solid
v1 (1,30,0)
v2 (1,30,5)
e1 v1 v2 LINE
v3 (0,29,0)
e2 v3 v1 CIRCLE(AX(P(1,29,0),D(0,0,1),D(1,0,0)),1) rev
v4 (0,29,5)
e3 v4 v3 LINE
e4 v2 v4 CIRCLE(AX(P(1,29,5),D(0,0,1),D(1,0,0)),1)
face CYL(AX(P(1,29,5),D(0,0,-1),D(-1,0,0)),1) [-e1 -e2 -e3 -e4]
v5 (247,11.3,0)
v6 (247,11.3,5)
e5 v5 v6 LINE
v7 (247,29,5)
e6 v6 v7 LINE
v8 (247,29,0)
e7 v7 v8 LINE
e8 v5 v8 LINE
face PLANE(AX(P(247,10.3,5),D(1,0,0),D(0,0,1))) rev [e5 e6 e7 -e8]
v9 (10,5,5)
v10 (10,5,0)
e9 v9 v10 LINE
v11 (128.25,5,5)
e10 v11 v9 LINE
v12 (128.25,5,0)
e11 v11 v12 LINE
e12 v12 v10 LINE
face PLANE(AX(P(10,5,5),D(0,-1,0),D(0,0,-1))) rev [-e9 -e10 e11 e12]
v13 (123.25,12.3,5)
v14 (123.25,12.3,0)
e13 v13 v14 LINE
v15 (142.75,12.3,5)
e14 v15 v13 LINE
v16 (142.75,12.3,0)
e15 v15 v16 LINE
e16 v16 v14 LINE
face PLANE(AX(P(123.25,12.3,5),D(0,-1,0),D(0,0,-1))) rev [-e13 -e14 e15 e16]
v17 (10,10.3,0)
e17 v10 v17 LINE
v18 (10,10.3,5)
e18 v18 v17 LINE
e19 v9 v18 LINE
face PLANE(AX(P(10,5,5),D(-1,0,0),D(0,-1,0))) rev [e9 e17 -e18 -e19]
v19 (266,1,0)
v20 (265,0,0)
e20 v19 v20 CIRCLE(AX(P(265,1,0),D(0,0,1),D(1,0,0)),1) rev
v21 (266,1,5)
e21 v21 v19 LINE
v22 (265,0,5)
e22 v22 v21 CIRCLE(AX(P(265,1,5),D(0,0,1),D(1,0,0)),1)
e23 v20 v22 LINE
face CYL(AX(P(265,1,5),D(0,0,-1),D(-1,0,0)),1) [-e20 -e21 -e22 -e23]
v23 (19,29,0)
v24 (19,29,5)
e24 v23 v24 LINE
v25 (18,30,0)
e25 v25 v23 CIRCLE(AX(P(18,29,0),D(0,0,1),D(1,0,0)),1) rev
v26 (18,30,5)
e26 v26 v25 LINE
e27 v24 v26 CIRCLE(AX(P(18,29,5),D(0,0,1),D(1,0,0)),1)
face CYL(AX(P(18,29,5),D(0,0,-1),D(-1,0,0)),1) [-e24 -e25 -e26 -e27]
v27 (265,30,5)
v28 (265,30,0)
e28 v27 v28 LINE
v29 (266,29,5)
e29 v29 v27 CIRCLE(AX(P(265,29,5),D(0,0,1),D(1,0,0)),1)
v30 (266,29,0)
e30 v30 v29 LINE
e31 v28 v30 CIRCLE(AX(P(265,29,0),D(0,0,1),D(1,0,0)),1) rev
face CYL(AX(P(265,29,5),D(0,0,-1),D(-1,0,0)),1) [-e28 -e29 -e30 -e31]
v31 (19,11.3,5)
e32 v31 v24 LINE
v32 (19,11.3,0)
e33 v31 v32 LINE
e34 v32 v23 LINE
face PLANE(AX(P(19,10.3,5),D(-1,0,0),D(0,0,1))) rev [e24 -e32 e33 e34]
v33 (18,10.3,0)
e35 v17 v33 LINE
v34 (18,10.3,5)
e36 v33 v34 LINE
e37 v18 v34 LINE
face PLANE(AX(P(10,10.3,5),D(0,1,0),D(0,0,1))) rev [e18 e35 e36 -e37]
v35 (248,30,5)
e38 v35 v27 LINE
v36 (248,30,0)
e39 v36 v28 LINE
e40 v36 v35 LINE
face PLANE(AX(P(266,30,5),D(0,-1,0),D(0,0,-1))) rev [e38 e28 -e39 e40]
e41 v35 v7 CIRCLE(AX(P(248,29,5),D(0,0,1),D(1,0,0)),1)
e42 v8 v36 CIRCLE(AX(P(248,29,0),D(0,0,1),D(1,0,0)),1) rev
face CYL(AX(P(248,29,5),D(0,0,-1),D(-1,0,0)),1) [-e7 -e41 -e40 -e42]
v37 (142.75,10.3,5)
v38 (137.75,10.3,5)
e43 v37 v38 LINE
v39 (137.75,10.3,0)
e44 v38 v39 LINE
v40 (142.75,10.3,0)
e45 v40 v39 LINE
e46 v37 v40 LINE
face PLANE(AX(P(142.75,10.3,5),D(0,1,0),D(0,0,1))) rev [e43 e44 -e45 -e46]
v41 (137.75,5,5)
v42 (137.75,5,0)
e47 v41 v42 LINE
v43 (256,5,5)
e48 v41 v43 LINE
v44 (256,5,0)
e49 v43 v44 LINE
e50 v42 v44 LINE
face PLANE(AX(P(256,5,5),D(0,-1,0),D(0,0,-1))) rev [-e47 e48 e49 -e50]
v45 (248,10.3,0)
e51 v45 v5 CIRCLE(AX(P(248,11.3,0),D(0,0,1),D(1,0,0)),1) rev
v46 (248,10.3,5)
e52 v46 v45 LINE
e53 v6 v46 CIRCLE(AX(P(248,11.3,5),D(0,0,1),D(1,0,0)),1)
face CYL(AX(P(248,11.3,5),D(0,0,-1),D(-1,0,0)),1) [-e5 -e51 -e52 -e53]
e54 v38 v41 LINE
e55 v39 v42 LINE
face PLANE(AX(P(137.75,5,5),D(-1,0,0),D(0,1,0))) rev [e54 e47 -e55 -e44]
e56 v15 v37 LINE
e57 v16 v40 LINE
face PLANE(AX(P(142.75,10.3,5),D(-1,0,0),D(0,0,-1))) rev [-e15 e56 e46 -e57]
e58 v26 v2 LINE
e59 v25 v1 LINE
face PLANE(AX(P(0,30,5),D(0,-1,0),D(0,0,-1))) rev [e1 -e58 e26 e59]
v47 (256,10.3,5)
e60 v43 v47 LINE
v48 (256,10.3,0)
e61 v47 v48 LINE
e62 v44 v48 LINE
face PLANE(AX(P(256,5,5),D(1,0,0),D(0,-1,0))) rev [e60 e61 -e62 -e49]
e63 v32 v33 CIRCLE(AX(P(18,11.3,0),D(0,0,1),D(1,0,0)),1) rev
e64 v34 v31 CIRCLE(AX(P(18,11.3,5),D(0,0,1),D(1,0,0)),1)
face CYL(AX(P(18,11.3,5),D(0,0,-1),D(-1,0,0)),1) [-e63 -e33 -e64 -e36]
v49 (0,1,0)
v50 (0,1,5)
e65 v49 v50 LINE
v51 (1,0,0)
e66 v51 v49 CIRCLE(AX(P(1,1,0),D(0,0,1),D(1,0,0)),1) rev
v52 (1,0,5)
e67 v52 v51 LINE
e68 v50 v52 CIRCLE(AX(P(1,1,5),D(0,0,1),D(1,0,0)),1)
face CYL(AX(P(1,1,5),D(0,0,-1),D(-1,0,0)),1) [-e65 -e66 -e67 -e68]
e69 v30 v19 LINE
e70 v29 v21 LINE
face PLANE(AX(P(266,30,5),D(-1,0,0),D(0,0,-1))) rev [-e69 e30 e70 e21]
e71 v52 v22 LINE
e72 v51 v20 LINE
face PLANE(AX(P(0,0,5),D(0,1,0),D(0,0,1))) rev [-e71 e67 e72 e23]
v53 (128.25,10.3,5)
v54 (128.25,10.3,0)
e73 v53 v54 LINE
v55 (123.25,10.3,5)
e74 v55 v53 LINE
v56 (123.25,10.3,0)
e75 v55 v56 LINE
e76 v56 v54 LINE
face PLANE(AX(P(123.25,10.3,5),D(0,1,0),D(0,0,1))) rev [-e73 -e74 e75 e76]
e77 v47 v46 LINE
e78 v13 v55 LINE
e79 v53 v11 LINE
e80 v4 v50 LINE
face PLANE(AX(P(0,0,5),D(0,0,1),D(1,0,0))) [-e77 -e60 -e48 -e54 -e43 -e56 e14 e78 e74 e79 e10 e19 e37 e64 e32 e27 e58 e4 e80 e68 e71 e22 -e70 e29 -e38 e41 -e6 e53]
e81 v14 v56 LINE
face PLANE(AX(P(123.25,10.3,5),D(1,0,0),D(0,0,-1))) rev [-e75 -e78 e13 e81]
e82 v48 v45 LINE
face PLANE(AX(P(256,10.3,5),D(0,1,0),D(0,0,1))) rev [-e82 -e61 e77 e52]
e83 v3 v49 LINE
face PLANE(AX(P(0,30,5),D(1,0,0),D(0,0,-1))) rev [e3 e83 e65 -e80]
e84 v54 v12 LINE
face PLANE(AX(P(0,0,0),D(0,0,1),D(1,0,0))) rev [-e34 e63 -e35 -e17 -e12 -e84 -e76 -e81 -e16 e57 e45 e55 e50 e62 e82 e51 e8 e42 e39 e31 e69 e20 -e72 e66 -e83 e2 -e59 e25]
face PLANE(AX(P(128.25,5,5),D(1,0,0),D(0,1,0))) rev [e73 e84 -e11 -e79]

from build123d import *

# Parameters (mm, degrees)
BOSS_EXTRUDE1_DEPTH = 5
FILLET1_R           = 1


with BuildPart() as part:
    # Sketch1 → Boss-Extrude1 (new body)
    with BuildSketch(Plane.XY):
        Polygon((0, 0), (133, 0), (133, 12.3), (123.25, 12.3), (123.25, 10.3), (128.25, 10.3), (128.25, 5), (10, 5), (10, 10.3), (19, 10.3), (19, 30), (0, 30), align=None)
    extrude(amount=BOSS_EXTRUDE1_DEPTH)

    # Mirror1: part across plane


with BuildPart() as part_1:
    add(part.part)
    add(part.part.mirror(Plane(origin=(133, 12.3, 5), x_dir=(0, 0, 1), z_dir=(-1, 0, 0))))

    # Fillet1
    fillet1_edges = [part_1.edges().sort_by_distance(p)[0] for p in [
        (0, 30, 2.5),
        (19, 30, 2.5),
        (19, 10.3, 2.5),
        (0, 0, 2.5),
        (266, 0, 2.5),
        (247, 10.3, 2.5),
        (247, 30, 2.5),
        (266, 30, 2.5),
    ]]
    fillet(fillet1_edges, radius=FILLET1_R)


solid = part_1.part
